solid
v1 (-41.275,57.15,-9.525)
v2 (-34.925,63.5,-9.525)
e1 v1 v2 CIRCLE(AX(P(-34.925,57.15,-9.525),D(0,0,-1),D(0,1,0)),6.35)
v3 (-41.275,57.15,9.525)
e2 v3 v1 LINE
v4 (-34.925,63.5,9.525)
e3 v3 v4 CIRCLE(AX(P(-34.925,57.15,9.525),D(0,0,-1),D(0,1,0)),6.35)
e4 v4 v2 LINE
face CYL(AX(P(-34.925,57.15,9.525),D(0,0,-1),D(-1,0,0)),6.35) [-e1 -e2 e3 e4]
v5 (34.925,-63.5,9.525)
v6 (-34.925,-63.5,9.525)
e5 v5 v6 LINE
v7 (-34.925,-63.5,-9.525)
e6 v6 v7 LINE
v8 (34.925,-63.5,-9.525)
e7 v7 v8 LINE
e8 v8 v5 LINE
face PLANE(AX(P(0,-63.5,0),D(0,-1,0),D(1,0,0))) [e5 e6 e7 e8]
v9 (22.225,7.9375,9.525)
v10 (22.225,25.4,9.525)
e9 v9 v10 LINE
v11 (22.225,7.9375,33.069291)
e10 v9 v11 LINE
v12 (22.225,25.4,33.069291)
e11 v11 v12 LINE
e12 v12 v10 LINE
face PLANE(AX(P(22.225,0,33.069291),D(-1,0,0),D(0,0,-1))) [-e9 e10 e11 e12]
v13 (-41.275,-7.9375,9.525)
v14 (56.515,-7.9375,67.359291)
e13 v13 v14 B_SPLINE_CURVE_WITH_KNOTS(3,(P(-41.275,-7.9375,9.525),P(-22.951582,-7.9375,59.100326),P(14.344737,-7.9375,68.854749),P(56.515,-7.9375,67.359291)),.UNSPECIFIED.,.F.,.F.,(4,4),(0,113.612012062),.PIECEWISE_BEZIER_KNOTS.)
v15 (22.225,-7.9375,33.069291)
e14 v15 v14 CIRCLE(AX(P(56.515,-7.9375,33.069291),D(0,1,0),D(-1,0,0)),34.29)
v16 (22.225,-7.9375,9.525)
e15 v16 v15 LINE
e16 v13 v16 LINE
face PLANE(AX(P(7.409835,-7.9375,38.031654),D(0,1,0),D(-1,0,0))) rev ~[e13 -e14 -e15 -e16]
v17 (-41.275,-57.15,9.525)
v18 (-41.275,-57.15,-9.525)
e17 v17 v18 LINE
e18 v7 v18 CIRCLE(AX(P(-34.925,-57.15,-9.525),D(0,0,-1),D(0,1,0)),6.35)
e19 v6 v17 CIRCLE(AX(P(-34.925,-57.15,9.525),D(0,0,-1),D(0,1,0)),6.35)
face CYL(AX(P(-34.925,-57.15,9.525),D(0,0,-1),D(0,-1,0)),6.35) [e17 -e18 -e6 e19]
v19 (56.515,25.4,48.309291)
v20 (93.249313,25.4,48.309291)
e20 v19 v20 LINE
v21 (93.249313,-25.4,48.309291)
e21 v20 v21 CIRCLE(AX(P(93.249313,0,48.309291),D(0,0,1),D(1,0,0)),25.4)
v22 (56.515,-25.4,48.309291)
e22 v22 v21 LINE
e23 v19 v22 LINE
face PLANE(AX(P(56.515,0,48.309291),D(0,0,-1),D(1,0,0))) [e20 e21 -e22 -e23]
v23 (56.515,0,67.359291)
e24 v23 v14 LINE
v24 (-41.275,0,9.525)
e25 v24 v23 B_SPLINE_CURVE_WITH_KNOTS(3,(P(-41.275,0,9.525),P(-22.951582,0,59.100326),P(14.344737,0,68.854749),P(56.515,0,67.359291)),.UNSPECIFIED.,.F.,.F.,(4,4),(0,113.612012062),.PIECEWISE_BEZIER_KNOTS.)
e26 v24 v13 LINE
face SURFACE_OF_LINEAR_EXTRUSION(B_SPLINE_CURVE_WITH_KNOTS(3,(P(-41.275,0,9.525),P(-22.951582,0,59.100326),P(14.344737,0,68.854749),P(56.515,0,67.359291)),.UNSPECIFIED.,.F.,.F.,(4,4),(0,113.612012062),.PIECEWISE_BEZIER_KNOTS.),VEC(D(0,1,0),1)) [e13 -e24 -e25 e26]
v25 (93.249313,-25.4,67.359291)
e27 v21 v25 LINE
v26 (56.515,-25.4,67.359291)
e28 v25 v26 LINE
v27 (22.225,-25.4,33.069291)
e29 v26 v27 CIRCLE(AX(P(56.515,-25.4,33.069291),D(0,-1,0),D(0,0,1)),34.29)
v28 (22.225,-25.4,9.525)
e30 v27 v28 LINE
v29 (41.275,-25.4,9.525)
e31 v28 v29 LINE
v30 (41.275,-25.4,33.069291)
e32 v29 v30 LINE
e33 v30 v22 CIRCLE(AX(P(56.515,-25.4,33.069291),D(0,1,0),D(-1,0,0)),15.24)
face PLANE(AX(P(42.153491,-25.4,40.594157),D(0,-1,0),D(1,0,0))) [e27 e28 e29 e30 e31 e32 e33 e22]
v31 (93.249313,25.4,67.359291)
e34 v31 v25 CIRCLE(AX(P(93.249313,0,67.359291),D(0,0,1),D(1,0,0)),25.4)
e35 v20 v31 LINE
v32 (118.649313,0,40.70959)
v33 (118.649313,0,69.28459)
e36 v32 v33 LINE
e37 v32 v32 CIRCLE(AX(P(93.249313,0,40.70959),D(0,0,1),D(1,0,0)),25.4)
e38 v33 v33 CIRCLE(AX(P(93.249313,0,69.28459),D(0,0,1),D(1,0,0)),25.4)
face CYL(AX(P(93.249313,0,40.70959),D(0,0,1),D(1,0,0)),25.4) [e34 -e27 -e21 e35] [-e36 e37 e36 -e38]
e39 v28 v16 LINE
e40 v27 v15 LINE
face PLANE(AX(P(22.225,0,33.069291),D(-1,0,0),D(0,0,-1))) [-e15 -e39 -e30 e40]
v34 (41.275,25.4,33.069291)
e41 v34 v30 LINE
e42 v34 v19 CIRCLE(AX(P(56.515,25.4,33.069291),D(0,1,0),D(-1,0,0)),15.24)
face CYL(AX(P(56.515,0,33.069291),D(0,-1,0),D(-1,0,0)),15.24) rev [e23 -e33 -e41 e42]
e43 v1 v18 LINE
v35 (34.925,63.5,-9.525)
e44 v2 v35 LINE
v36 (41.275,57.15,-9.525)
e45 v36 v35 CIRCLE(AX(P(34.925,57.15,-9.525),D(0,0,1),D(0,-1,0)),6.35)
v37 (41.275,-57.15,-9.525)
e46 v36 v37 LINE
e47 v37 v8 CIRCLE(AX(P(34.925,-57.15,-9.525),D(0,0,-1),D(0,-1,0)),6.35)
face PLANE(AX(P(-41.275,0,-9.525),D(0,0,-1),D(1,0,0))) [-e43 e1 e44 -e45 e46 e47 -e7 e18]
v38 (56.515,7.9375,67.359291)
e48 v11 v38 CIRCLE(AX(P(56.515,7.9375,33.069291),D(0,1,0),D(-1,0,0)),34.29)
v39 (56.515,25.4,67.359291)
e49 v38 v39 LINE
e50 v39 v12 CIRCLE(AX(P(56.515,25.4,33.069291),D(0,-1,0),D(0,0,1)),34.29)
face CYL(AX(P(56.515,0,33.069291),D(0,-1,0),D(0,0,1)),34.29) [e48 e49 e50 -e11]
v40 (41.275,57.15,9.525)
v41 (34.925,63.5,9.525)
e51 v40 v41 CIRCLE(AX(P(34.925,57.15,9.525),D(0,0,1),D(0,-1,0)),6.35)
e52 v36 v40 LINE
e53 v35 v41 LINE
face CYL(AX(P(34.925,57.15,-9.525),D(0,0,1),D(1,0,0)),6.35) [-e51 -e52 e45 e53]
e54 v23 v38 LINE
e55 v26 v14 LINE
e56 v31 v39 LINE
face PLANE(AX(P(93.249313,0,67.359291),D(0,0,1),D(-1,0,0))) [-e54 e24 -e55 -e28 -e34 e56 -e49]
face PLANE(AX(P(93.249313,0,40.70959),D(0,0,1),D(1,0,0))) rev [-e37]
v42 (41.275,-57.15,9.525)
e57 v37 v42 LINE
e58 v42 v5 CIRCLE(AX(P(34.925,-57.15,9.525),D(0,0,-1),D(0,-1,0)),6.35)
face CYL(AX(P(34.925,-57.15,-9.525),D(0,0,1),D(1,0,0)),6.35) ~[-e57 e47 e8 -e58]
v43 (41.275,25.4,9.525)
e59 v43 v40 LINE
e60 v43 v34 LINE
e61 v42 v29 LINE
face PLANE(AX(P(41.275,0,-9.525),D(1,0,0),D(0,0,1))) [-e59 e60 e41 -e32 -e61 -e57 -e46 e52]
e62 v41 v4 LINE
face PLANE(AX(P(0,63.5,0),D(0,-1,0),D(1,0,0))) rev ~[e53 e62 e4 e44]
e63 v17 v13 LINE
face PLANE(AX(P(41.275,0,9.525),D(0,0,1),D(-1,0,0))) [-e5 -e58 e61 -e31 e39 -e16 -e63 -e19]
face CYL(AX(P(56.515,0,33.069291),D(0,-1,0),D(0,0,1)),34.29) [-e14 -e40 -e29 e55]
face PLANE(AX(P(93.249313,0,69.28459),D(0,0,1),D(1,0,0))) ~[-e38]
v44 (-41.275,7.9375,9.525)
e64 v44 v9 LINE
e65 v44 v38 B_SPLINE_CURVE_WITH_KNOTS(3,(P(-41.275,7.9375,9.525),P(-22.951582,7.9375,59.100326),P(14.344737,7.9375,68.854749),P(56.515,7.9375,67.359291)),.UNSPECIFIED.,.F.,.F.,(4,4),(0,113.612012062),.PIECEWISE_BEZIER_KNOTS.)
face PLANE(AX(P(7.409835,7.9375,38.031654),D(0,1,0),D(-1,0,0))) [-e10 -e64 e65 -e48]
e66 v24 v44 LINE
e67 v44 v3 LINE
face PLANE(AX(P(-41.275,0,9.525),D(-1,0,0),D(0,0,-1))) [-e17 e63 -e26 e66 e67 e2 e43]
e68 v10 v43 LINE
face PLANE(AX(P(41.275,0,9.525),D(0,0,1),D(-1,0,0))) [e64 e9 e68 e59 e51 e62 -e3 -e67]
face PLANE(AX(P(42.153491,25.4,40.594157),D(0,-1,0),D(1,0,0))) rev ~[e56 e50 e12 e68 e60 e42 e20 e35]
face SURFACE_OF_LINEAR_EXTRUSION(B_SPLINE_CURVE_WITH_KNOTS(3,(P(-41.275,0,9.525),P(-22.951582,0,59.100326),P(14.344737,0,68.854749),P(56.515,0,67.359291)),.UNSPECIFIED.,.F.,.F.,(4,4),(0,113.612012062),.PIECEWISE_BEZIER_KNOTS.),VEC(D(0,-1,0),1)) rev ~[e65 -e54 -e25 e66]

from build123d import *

# Parameters (mm, degrees)
F1_DEPTH = 63.5
F0_W     = 25.4
F0_H     = 19.05
F2_DEPTH = 25.4
F3_DEPTH = 7.9375
F0_H_2   = 7.599701224
F0_H_3   = 1.925298776
F5_R     = 6.35


with BuildPart() as f1:
    # F0 (on Front) → F1 (new body, symmetric)
    with BuildSketch(Plane.XZ):
        Polygon((-41.275, 9.525), (-41.275, -9.525), (41.275, -9.525), (41.275, 9.525), (22.225, 9.525), align=None)
    extrude(amount=F1_DEPTH, both=True)

    # F0 (on Front) → F2 (join, symmetric)
    with BuildSketch(Plane.XZ):
        with BuildLine():
            Line((22.225, 9.525), (41.275, 9.525))
            Line((41.275, 9.525), (41.275, 33.0692907344))
            ThreePointArc((41.275, 33.0692907344), (45.7386926547, 43.8455980797), (56.515, 48.3092907344))
            Line((56.515, 48.3092907344), (67.8493125877, 48.3092907344))
            Line((67.8493125877, 48.3092907344), (67.8493125877, 67.3592907344))
            Line((67.8493125877, 67.3592907344), (56.515, 67.3592907344))
            ThreePointArc((56.515, 67.3592907344), (32.2683084731, 57.3159822613), (22.225, 33.0692907344))
            Line((22.225, 33.0692907344), (22.225, 9.525))
        make_face()
        with Locations((80.5493125877, 57.8342907344)):
            Rectangle(F0_W, F0_H)
    extrude(amount=F2_DEPTH, both=True)

    # F0 (on Front) → F3 (join, symmetric)
    with BuildSketch(Plane.XZ):
        with BuildLine():
            add(Edge.make_bspline(
                [(-41.275, 9.525), (-22.9515824467, 59.1003261507), (14.3447369337, 68.8547492027), (56.515, 67.3592907344)],
                knots=[0, 0, 0, 0, 113.6120120619, 113.6120120619, 113.6120120619, 113.6120120619], degree=3))
            Line((-41.275, 9.525), (22.225, 9.525))
            Line((22.225, 9.525), (22.225, 33.0692907344))
            ThreePointArc((22.225, 33.0692907344), (32.2683084731, 57.3159822613), (56.515, 67.3592907344))
        make_face()
    extrude(amount=F3_DEPTH, both=True)

    # F0 (on Front) → F4 (revolve)
    with BuildSketch(Plane.XZ):
        with Locations((105.9493125877, 44.5094401224)):
            Rectangle(F0_W, F0_H_2)
        with Locations((105.9493125877, 57.8342907344)):
            Rectangle(F0_W, F0_H)
        with Locations((105.9493125877, 68.3219401224)):
            Rectangle(F0_W, F0_H_3)
    revolve(axis=Axis((93.2493125877, 0, 54.9970895104), (0, 0, 1)))

    # F5
    f5_edges = [f1.edges().sort_by_distance(p)[0] for p in [
        (-41.275, -63.5, 0),
        (41.275, -63.5, 0),
        (41.275, 63.5, 0),
        (-41.275, 63.5, 0),
    ]]
    fillet(f5_edges, radius=F5_R)


solid = f1.part
